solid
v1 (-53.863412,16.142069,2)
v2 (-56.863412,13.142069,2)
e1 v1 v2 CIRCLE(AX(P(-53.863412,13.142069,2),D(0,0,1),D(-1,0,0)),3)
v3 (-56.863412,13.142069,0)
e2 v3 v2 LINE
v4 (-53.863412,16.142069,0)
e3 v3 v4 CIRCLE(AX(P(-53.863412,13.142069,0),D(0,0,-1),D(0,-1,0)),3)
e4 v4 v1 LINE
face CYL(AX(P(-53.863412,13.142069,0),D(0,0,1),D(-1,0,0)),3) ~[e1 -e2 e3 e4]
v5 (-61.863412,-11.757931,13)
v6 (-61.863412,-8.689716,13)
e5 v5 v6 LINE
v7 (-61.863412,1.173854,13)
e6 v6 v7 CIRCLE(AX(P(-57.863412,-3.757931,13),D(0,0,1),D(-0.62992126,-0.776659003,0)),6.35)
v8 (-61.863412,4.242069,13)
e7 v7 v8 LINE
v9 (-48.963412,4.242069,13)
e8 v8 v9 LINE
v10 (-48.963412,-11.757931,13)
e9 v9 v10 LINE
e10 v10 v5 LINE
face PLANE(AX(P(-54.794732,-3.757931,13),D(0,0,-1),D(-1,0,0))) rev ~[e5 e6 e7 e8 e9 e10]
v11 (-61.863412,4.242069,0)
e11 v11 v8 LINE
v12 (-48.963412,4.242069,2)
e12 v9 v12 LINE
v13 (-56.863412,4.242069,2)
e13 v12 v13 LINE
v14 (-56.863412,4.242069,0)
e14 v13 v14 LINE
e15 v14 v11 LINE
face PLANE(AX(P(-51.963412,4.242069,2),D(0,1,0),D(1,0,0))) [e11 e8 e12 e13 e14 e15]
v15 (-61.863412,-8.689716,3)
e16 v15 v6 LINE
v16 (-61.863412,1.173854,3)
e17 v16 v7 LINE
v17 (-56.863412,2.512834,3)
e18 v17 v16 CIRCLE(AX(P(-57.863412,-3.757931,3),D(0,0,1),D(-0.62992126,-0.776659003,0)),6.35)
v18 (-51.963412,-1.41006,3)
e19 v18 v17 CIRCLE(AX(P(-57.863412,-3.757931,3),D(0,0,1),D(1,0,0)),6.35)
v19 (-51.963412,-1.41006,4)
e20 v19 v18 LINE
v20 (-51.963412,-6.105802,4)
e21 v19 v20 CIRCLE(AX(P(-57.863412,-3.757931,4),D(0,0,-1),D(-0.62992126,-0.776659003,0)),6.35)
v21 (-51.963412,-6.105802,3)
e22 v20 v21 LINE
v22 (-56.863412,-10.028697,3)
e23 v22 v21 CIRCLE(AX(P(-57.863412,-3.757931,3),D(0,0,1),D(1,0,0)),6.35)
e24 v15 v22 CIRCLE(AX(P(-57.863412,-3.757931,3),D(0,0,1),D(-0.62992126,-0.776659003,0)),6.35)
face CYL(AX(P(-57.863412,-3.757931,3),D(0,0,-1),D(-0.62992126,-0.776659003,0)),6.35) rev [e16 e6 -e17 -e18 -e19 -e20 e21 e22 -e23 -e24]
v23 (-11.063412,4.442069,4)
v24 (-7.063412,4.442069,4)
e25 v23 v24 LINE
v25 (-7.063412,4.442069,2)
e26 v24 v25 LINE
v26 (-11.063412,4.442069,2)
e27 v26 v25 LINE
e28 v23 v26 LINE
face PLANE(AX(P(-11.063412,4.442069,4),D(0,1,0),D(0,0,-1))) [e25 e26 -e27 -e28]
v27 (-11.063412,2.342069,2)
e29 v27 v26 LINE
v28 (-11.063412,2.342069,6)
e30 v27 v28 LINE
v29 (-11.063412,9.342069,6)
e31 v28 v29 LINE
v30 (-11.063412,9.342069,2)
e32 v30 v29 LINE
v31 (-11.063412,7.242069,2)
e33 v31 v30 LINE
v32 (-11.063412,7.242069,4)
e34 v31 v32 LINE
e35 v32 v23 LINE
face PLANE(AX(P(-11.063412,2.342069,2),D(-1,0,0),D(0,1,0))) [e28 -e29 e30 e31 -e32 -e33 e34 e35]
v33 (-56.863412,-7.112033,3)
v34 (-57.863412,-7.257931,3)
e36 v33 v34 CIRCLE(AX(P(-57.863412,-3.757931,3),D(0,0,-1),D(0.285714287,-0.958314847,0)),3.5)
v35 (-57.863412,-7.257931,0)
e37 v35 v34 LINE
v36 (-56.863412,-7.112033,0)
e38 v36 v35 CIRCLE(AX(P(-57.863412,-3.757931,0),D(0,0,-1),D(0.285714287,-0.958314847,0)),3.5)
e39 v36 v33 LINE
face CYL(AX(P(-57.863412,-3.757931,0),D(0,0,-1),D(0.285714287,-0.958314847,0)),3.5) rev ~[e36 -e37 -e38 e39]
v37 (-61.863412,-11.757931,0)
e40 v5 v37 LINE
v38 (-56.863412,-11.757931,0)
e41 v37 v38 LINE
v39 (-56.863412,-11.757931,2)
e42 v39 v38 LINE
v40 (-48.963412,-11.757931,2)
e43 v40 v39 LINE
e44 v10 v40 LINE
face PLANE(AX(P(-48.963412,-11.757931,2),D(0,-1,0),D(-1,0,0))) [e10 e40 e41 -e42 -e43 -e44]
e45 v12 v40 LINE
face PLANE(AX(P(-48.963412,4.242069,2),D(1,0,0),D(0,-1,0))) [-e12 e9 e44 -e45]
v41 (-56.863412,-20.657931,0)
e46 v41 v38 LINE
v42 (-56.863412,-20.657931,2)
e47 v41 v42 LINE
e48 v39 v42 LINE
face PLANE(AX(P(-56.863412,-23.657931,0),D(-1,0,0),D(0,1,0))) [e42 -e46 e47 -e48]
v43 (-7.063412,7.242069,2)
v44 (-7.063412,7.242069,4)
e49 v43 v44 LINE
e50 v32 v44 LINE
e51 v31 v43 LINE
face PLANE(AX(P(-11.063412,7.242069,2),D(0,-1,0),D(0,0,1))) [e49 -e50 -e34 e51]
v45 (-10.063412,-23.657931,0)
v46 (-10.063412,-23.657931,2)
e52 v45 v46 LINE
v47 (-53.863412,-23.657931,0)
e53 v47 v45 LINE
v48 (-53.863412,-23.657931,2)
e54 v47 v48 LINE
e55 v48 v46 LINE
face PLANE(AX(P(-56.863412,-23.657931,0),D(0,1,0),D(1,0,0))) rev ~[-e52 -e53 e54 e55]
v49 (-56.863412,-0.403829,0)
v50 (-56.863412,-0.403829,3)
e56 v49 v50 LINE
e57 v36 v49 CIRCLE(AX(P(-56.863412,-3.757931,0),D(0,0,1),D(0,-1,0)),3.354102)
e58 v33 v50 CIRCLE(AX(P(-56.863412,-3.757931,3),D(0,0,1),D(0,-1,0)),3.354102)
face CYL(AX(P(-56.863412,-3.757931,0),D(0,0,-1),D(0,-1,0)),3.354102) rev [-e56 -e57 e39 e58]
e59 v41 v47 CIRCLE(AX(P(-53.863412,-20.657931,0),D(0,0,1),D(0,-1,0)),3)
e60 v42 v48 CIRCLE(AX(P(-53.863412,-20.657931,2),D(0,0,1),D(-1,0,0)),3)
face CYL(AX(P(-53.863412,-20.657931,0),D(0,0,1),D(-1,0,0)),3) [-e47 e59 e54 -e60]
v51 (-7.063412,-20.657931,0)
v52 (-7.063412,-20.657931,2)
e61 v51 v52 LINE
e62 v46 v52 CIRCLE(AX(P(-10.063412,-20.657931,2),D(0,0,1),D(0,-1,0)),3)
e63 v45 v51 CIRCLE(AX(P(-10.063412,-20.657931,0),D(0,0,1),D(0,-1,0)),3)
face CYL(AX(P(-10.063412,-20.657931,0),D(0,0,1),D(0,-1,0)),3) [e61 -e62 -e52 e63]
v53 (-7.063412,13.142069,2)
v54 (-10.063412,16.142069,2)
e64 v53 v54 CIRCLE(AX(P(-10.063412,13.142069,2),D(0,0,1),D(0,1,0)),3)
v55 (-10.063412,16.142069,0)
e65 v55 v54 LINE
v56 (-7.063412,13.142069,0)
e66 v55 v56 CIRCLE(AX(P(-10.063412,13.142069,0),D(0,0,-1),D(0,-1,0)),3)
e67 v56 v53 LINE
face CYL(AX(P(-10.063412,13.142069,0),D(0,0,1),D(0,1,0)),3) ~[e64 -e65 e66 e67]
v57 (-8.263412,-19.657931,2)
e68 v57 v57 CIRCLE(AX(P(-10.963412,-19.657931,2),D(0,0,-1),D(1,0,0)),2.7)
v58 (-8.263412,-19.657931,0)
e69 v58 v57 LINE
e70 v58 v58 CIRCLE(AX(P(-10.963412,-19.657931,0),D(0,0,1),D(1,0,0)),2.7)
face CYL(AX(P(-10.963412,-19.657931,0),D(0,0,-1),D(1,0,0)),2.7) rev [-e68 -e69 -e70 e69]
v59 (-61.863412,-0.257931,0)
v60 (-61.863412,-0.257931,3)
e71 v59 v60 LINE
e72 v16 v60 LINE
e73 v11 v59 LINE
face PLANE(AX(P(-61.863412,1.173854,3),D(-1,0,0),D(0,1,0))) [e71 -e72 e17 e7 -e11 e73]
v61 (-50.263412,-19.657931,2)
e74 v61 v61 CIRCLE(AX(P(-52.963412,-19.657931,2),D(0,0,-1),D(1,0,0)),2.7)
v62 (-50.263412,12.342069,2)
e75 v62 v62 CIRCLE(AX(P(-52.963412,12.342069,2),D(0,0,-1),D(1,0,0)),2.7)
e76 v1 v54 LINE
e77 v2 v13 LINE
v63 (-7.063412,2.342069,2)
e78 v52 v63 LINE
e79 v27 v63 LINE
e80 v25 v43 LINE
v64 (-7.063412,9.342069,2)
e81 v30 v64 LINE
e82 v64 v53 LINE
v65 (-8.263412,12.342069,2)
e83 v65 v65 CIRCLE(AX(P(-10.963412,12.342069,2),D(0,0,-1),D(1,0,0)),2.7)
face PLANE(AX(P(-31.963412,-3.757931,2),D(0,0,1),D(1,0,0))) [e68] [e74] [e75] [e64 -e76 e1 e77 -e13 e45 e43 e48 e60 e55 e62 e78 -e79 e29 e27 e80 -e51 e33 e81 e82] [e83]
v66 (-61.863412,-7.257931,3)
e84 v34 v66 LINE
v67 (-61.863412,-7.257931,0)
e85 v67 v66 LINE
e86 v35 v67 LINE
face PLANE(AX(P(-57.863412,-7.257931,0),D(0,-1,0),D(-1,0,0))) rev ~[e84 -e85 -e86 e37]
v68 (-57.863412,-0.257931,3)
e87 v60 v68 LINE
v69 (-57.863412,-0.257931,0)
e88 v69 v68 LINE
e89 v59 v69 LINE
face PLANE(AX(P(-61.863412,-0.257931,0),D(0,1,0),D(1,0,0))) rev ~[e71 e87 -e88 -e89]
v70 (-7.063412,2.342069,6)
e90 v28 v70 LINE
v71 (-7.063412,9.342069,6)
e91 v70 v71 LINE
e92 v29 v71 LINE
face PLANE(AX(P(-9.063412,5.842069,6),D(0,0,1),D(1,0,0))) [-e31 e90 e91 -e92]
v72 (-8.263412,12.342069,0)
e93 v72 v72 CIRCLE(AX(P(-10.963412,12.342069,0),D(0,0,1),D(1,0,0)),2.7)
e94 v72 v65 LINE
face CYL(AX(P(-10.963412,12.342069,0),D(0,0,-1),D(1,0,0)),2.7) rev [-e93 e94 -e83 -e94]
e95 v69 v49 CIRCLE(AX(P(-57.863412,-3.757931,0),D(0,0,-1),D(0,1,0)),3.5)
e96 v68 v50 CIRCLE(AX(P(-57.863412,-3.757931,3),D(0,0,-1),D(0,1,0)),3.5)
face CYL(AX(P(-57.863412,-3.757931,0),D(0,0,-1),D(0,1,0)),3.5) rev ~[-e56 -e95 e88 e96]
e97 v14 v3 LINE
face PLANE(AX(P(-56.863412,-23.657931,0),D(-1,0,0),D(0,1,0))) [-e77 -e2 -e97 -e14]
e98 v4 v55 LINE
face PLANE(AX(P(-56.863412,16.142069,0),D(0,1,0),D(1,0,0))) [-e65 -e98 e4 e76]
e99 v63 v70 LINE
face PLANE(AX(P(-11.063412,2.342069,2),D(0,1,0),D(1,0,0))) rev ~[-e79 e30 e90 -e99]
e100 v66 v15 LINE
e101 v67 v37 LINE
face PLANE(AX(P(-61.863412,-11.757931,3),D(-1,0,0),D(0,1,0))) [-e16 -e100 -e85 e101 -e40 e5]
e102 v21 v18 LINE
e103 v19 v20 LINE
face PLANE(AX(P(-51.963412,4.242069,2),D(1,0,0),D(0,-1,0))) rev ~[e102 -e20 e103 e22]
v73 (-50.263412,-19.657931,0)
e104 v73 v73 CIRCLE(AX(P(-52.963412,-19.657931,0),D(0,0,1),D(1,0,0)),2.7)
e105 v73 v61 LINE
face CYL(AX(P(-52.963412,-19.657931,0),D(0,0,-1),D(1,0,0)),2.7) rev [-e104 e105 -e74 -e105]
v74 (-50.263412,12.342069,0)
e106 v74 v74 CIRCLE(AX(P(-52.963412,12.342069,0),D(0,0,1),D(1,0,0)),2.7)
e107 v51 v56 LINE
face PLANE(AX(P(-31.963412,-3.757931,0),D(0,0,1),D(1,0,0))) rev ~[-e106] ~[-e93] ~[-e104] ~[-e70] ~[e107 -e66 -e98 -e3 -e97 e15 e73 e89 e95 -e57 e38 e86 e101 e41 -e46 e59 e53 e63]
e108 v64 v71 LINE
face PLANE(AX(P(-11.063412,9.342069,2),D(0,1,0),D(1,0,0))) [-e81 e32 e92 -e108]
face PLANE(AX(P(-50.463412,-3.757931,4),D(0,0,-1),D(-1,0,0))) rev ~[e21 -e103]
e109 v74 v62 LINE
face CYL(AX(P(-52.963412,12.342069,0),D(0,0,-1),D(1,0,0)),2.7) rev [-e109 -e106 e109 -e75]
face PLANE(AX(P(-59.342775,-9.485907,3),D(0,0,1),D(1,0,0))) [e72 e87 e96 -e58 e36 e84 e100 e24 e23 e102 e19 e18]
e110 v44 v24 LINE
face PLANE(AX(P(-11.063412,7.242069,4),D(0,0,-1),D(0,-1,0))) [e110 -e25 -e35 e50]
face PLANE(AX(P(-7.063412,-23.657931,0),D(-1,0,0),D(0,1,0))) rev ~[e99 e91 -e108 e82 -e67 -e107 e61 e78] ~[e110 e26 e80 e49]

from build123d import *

# Parameters (mm, degrees)
CROQUIS1_W              = 49.8
CROQUIS1_H              = 39.8
CROQUIS1_R              = 2.7
SALIENTE_EXTRUIR1_DEPTH = 6
CORTAR_EXTRUIR1_DEPTH   = 4
REDONDEO1_R             = 3
SALIENTE_EXTRUIR3_DEPTH = 3
CROQUIS5_R              = 6.35
CORTAR_EXTRUIR2_DEPTH   = 3
SALIENTE_EXTRUIR4_DEPTH = 10
SALIENTE_EXTRUIR5_DEPTH = 2
CORTAR_EXTRUIR3_START   = -3
CORTAR_EXTRUIR3_DEPTH   = 3
CORTAR_EXTRUIR4_DEPTH   = 4
CROQUIS10_W             = 4
CROQUIS10_H             = 7
SALIENTE_EXTRUIR6_DEPTH = 4
CORTAR_EXTRUIR5_START   = -4
CORTAR_EXTRUIR5_DEPTH   = 4


with BuildPart() as part:
    # Croquis1 → Saliente-Extruir1 (new body)
    with BuildSketch(Plane.XY):
        with Locations((-31.963412372, -3.757931034)):
            Rectangle(CROQUIS1_W, CROQUIS1_H)
        with Locations((-52.963412372, 12.342068966)):
            Circle(CROQUIS1_R, mode=Mode.SUBTRACT)
        with Locations((-10.963412372, 12.342068966)):
            Circle(CROQUIS1_R, mode=Mode.SUBTRACT)
        with Locations((-10.963412372, -19.657931034)):
            Circle(CROQUIS1_R, mode=Mode.SUBTRACT)
        with Locations((-52.963412372, -19.657931034)):
            Circle(CROQUIS1_R, mode=Mode.SUBTRACT)
    extrude(amount=SALIENTE_EXTRUIR1_DEPTH)

    # Croquis2 → Cortar-Extruir1 (cut)
    with BuildSketch(Plane.XY.offset(6)):
        with BuildLine():
            Line((-49.963412372, -16.757931034), (-13.963412372, -16.757931034))
            ThreePointArc((-13.963412372, -16.757931034), (-12.54919881, -16.172144597), (-11.963412372, -14.757931034))
            Line((-11.963412372, -14.757931034), (-11.963412372, 7.242068966))
            ThreePointArc((-11.963412372, 7.242068966), (-12.54919881, 8.656282528), (-13.963412372, 9.242068966))
            Line((-13.963412372, 9.242068966), (-49.963412372, 9.242068966))
            ThreePointArc((-49.963412372, 9.242068966), (-51.377625934, 8.656282528), (-51.963412372, 7.242068966))
            Line((-51.963412372, 7.242068966), (-51.963412372, -14.757931034))
            ThreePointArc((-51.963412372, -14.757931034), (-51.377625934, -16.172144597), (-49.963412372, -16.757931034))
        make_face()
    extrude(amount=-CORTAR_EXTRUIR1_DEPTH, mode=Mode.SUBTRACT)

    # Redondeo1
    redondeo1_edges = [part.edges().sort_by_distance(p)[0] for p in [
        (-56.863412372, 16.142068966, 3),
        (-7.063412372, 16.142068966, 3),
        (-7.063412372, -23.657931034, 3),
        (-56.863412372, -23.657931034, 3),
    ]]
    fillet(redondeo1_edges, radius=REDONDEO1_R)

    # Croquis4 → Saliente-Extruir3 (add)
    with BuildSketch(Plane(origin=(0, 0, 0), x_dir=(-1, 0, 0), z_dir=(0, 0, -1))):
        with BuildLine():
            Line((56.863412372, 4.242068966), (61.863412372, 4.242068966))
            Line((61.863412372, 4.242068966), (61.863412372, -0.257931034))
            Line((61.863412372, -0.257931034), (57.863412372, -0.257931034))
            ThreePointArc((57.863412372, -0.257931034), (57.358118834, -0.294597605), (56.863412372, -0.403829068))
            Line((56.863412372, -0.403829068), (56.863412372, 4.242068966))
        make_face()
        with BuildLine():
            Line((61.863412372, -11.757931034), (56.863412372, -11.757931034))
            Line((56.863412372, -11.757931034), (56.863412372, -7.112033001))
            ThreePointArc((56.863412372, -7.112033001), (57.358118834, -7.221264464), (57.863412372, -7.257931034))
            Line((57.863412372, -7.257931034), (61.863412372, -7.257931034))
            Line((61.863412372, -7.257931034), (61.863412372, -11.757931034))
        make_face()
    extrude(amount=-SALIENTE_EXTRUIR3_DEPTH)

    # Croquis5 → Cortar-Extruir2 (cut)
    with BuildSketch(Plane.XY.offset(3)):
        with Locations((-57.863412372, -3.757931034)):
            Circle(CROQUIS5_R)
    extrude(amount=CORTAR_EXTRUIR2_DEPTH, mode=Mode.SUBTRACT)

    # Croquis6 → Saliente-Extruir4 (add)
    with BuildSketch(Plane.XY.offset(3)):
        with BuildLine():
            Line((-61.863412372, 4.242068966), (-51.963412372, 4.242068966))
            Line((-51.963412372, 4.242068966), (-48.963412372, 4.242068966))
            Line((-48.963412372, 4.242068966), (-48.963412372, -11.757931034))
            Line((-48.963412372, -11.757931034), (-51.963412372, -11.757931034))
            Line((-51.963412372, -11.757931034), (-61.863412372, -11.757931034))
            Line((-61.863412372, -11.757931034), (-61.863412372, -8.689715701))
            ThreePointArc((-61.863412372, -8.689715701), (-51.513412372, -3.757931034), (-61.863412372, 1.173853632))
            Line((-61.863412372, 1.173853632), (-61.863412372, 4.242068966))
        make_face()
    extrude(amount=SALIENTE_EXTRUIR4_DEPTH)

    # Croquis7 → Saliente-Extruir5 (add)
    with BuildSketch(Plane.XY.offset(2)):
        Polygon((-51.963412372, -3.757931034), (-51.963412372, 4.242068966), (-48.963412372, 4.242068966), (-48.963412372, -11.757931034), (-51.963412372, -11.757931034), align=None)
    extrude(amount=SALIENTE_EXTRUIR5_DEPTH)

    # Croquis8 → Cortar-Extruir3 (cut)
    with BuildSketch(Plane.XY.offset(3).offset(CORTAR_EXTRUIR3_START)):
        with BuildLine():
            Line((-56.863412372, -0.403829068), (-56.863412372, -7.112033001))
            ThreePointArc((-56.863412372, -7.112033001), (-53.509310406, -3.757931034), (-56.863412372, -0.403829068))
        make_face()
    extrude(amount=CORTAR_EXTRUIR3_DEPTH, mode=Mode.SUBTRACT)

    # Croquis9 → Cortar-Extruir4 (cut)
    with BuildSketch(Plane.XY.offset(6)):
        Polygon((-56.863412372, -11.757931034), (-56.863412372, -27.492217147), (-1.817084798, -27.492217147), (-1.817084798, 22.861833321), (-56.863412372, 22.861833321), (-56.863412372, 4.242068966), (-47.172737702, 4.242068966), (-47.172737702, -11.757931034), align=None)
    extrude(amount=-CORTAR_EXTRUIR4_DEPTH, mode=Mode.SUBTRACT)

    # Croquis10 → Saliente-Extruir6 (add)
    with BuildSketch(Plane.XY.offset(2)):
        with Locations((-9.063412372, 5.842068966)):
            Rectangle(CROQUIS10_W, CROQUIS10_H)
    extrude(amount=SALIENTE_EXTRUIR6_DEPTH)

    # Croquis11 → Cortar-Extruir5 (cut)
    with BuildSketch(Plane(origin=(-7.063412372, 0, 0), x_dir=(0, 0, -1), z_dir=(1, 0, 0)).offset(CORTAR_EXTRUIR5_START)):
        Polygon((-2, 5.842068966), (-2, 7.242068966), (-4, 7.242068966), (-4, 4.442068966), (-2, 4.442068966), align=None)
    extrude(amount=CORTAR_EXTRUIR5_DEPTH, mode=Mode.SUBTRACT)


solid = part.part
